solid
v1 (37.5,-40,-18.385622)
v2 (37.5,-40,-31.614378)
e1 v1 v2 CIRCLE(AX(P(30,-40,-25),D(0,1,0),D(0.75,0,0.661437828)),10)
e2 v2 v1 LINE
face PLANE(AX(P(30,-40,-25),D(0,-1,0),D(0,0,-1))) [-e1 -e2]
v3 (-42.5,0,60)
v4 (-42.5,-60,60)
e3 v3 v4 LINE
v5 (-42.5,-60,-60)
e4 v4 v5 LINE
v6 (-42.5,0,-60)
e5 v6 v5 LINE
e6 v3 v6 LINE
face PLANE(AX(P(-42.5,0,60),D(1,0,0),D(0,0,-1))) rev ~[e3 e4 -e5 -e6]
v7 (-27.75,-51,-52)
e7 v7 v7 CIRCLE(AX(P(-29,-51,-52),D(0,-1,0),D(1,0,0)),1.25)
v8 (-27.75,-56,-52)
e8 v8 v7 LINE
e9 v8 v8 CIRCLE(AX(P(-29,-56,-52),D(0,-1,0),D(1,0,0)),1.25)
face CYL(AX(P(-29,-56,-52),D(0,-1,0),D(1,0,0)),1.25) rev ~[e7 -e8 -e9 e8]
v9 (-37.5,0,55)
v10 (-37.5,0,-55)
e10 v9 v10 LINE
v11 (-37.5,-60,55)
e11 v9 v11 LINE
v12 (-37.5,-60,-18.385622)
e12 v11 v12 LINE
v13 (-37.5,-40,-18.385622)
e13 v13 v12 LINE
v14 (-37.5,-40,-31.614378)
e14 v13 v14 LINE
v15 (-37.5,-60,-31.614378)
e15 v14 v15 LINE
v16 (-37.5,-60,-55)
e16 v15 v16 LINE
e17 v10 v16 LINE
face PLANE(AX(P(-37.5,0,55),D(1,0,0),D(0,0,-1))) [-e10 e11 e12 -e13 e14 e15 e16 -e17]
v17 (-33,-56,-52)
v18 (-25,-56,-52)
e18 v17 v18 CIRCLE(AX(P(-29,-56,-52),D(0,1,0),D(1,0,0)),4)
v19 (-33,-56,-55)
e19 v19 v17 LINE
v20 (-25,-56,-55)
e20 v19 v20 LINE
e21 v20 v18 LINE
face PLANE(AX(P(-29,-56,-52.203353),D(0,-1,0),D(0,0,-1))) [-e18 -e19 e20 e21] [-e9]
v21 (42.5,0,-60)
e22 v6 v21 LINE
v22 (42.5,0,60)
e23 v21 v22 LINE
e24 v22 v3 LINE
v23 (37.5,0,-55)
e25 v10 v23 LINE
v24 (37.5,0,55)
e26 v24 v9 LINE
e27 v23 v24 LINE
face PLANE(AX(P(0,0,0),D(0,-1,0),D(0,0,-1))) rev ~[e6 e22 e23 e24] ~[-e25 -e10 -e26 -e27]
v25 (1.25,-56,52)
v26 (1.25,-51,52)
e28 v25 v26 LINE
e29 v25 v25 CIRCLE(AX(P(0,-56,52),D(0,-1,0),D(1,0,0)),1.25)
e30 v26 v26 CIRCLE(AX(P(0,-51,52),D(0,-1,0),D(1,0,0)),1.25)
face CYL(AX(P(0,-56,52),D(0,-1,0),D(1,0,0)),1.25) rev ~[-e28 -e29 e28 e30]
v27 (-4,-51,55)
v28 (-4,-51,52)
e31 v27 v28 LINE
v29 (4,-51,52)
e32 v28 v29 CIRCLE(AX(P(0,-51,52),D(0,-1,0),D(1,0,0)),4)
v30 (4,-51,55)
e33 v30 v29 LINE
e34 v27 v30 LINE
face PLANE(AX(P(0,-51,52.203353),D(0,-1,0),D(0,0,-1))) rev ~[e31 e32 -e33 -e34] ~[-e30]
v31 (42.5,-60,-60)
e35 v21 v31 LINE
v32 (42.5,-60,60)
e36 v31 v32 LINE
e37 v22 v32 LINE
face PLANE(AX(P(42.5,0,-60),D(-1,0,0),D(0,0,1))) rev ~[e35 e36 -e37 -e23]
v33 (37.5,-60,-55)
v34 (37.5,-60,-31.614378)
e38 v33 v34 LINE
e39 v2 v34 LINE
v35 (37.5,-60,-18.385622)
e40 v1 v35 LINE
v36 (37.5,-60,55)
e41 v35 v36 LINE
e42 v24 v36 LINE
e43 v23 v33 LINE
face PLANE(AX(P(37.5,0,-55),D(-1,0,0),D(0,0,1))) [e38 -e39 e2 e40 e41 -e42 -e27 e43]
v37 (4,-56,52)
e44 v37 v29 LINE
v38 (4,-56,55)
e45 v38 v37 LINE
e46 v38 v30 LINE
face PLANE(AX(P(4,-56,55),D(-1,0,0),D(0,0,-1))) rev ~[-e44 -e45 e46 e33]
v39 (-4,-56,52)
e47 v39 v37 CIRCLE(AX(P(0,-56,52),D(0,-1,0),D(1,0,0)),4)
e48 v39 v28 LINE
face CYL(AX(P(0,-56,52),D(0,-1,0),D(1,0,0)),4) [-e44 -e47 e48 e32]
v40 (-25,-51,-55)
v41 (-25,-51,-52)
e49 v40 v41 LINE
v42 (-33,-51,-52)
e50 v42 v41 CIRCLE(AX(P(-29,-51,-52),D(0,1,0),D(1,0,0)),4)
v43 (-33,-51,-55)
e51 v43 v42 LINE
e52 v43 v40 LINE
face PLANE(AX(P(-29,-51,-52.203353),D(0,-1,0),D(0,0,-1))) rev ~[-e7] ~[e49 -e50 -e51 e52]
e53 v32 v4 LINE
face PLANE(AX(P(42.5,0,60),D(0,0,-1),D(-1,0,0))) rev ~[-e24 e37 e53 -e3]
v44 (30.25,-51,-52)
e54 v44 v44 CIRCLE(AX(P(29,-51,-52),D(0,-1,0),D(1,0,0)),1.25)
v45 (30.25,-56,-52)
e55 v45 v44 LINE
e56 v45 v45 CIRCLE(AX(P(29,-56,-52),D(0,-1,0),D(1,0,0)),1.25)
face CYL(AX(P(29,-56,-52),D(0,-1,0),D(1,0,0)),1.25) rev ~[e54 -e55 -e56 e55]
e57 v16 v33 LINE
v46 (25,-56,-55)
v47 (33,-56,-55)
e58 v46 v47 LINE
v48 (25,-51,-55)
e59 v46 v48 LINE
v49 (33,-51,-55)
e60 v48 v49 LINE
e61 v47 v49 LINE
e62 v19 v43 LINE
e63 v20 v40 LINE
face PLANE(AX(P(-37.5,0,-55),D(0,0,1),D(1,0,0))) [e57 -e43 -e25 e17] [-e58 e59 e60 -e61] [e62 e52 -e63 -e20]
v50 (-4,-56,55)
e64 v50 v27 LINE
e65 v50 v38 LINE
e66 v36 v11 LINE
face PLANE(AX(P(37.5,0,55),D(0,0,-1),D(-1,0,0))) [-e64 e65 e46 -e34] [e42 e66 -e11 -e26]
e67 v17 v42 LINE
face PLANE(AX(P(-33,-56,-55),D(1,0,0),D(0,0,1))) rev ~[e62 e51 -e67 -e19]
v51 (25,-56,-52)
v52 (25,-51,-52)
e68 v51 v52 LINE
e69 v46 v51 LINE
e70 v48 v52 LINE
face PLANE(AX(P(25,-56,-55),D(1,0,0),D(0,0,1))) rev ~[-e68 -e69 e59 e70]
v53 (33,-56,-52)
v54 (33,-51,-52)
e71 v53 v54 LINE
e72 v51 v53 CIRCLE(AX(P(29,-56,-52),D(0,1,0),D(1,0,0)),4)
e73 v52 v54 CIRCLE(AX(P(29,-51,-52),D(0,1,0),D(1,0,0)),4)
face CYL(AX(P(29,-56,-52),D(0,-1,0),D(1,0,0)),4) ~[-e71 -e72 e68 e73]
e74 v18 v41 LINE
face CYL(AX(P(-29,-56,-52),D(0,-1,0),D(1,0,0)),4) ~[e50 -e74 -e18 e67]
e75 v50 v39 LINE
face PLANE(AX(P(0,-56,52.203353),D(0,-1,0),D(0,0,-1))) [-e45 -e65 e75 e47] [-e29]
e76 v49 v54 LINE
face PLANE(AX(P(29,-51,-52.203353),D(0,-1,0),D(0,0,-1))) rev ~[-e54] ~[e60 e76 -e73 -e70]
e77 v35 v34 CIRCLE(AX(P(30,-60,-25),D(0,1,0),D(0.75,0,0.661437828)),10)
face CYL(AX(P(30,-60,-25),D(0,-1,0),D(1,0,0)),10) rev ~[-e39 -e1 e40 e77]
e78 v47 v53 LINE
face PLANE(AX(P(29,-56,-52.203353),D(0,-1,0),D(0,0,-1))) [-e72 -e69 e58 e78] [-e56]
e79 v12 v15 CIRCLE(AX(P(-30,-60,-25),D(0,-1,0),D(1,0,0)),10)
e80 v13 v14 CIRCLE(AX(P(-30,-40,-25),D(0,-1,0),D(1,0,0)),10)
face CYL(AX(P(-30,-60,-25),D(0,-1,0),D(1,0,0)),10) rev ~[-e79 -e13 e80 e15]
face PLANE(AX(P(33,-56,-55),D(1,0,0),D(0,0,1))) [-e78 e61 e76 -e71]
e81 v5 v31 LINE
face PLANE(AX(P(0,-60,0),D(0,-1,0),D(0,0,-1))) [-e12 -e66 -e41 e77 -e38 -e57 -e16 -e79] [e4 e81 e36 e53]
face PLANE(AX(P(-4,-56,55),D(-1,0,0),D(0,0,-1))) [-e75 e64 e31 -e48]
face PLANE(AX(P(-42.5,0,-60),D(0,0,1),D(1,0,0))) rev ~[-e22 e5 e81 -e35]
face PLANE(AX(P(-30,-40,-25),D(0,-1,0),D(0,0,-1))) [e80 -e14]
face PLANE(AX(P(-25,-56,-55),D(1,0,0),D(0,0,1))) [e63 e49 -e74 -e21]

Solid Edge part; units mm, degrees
sketch "Sketch1" plane through (0, 0, 0) normal (0, -1, 0) x (1, 0, 0)
  line L0 (-37.5, -55) -> (37.5, -55)
  line L1 (37.5, -55) -> (37.5, 55)
  line L2 (37.5, 55) -> (-37.5, 55)
  line L3 (-37.5, 55) -> (-37.5, -55)
  line L4 (-42.5, -60) -> (42.5, -60)
  line L5 (42.5, -60) -> (42.5, 60)
  line L6 (42.5, 60) -> (-42.5, 60)
  line L7 (-42.5, 60) -> (-42.5, -60)
  dimension "D1" = 85
  dimension "D2" = 120
  dimension "D3" = 5
  dimension "D4" = 5
extrude "Protrusion1" add sketch "Sketch1" along normal blind 60
sketch "Sketch2" plane through (0, -60, 0) normal (0, -1, 0) x (1, 0, 0)
  circle A0 centre (30, -25) radius 10
  circle A1 centre (-30, -25) radius 10
  dimension "D1" = 20
  dimension "D2" = 12.5
  dimension "D3" = 35
  dimension "D4" = 35
  dimension "D5" = 12.5
extrude "camera_cut" cut sketch "Sketch2" against normal blind 20
sketch "Sketch3" plane through (0, -56, 0) normal (0, -1, 0) x (1, 0, 0)
  line L0 (-33, -55) -> (-25, -55)
  line L1 (-25, -55) -> (-25, -52)
  arc A0 (-33, -52) -> (-25, -52) centre (-29, -52) cw
  line L2 (-33, -55) -> (-33, -52)
  circle A1 centre (0, 52) radius 1.25
  circle A2 centre (-29, -52) radius 1.25
  line L3 (25, -55) -> (33, -55)
  line L4 (33, -55) -> (33, -52)
  arc A3 (25, -52) -> (33, -52) centre (29, -52) cw
  line L5 (25, -55) -> (25, -52)
  circle A4 centre (29, -52) radius 1.25
  arc A5 (-4, 52) -> (4, 52) centre (0, 52) ccw
  line L6 (4, 55) -> (4, 52)
  line L7 (-4, 55) -> (4, 55)
  line L8 (-4, 55) -> (-4, 52)
  dimension "D1" = 8
  dimension "D2" = 4
  dimension "D3" = 3
  dimension "D4" = 2.5
  dimension "D5" = 50
extrude "mounting_bottom" add sketch "Sketch3" against normal blind 5
properties material "Nylon, allgemein"
